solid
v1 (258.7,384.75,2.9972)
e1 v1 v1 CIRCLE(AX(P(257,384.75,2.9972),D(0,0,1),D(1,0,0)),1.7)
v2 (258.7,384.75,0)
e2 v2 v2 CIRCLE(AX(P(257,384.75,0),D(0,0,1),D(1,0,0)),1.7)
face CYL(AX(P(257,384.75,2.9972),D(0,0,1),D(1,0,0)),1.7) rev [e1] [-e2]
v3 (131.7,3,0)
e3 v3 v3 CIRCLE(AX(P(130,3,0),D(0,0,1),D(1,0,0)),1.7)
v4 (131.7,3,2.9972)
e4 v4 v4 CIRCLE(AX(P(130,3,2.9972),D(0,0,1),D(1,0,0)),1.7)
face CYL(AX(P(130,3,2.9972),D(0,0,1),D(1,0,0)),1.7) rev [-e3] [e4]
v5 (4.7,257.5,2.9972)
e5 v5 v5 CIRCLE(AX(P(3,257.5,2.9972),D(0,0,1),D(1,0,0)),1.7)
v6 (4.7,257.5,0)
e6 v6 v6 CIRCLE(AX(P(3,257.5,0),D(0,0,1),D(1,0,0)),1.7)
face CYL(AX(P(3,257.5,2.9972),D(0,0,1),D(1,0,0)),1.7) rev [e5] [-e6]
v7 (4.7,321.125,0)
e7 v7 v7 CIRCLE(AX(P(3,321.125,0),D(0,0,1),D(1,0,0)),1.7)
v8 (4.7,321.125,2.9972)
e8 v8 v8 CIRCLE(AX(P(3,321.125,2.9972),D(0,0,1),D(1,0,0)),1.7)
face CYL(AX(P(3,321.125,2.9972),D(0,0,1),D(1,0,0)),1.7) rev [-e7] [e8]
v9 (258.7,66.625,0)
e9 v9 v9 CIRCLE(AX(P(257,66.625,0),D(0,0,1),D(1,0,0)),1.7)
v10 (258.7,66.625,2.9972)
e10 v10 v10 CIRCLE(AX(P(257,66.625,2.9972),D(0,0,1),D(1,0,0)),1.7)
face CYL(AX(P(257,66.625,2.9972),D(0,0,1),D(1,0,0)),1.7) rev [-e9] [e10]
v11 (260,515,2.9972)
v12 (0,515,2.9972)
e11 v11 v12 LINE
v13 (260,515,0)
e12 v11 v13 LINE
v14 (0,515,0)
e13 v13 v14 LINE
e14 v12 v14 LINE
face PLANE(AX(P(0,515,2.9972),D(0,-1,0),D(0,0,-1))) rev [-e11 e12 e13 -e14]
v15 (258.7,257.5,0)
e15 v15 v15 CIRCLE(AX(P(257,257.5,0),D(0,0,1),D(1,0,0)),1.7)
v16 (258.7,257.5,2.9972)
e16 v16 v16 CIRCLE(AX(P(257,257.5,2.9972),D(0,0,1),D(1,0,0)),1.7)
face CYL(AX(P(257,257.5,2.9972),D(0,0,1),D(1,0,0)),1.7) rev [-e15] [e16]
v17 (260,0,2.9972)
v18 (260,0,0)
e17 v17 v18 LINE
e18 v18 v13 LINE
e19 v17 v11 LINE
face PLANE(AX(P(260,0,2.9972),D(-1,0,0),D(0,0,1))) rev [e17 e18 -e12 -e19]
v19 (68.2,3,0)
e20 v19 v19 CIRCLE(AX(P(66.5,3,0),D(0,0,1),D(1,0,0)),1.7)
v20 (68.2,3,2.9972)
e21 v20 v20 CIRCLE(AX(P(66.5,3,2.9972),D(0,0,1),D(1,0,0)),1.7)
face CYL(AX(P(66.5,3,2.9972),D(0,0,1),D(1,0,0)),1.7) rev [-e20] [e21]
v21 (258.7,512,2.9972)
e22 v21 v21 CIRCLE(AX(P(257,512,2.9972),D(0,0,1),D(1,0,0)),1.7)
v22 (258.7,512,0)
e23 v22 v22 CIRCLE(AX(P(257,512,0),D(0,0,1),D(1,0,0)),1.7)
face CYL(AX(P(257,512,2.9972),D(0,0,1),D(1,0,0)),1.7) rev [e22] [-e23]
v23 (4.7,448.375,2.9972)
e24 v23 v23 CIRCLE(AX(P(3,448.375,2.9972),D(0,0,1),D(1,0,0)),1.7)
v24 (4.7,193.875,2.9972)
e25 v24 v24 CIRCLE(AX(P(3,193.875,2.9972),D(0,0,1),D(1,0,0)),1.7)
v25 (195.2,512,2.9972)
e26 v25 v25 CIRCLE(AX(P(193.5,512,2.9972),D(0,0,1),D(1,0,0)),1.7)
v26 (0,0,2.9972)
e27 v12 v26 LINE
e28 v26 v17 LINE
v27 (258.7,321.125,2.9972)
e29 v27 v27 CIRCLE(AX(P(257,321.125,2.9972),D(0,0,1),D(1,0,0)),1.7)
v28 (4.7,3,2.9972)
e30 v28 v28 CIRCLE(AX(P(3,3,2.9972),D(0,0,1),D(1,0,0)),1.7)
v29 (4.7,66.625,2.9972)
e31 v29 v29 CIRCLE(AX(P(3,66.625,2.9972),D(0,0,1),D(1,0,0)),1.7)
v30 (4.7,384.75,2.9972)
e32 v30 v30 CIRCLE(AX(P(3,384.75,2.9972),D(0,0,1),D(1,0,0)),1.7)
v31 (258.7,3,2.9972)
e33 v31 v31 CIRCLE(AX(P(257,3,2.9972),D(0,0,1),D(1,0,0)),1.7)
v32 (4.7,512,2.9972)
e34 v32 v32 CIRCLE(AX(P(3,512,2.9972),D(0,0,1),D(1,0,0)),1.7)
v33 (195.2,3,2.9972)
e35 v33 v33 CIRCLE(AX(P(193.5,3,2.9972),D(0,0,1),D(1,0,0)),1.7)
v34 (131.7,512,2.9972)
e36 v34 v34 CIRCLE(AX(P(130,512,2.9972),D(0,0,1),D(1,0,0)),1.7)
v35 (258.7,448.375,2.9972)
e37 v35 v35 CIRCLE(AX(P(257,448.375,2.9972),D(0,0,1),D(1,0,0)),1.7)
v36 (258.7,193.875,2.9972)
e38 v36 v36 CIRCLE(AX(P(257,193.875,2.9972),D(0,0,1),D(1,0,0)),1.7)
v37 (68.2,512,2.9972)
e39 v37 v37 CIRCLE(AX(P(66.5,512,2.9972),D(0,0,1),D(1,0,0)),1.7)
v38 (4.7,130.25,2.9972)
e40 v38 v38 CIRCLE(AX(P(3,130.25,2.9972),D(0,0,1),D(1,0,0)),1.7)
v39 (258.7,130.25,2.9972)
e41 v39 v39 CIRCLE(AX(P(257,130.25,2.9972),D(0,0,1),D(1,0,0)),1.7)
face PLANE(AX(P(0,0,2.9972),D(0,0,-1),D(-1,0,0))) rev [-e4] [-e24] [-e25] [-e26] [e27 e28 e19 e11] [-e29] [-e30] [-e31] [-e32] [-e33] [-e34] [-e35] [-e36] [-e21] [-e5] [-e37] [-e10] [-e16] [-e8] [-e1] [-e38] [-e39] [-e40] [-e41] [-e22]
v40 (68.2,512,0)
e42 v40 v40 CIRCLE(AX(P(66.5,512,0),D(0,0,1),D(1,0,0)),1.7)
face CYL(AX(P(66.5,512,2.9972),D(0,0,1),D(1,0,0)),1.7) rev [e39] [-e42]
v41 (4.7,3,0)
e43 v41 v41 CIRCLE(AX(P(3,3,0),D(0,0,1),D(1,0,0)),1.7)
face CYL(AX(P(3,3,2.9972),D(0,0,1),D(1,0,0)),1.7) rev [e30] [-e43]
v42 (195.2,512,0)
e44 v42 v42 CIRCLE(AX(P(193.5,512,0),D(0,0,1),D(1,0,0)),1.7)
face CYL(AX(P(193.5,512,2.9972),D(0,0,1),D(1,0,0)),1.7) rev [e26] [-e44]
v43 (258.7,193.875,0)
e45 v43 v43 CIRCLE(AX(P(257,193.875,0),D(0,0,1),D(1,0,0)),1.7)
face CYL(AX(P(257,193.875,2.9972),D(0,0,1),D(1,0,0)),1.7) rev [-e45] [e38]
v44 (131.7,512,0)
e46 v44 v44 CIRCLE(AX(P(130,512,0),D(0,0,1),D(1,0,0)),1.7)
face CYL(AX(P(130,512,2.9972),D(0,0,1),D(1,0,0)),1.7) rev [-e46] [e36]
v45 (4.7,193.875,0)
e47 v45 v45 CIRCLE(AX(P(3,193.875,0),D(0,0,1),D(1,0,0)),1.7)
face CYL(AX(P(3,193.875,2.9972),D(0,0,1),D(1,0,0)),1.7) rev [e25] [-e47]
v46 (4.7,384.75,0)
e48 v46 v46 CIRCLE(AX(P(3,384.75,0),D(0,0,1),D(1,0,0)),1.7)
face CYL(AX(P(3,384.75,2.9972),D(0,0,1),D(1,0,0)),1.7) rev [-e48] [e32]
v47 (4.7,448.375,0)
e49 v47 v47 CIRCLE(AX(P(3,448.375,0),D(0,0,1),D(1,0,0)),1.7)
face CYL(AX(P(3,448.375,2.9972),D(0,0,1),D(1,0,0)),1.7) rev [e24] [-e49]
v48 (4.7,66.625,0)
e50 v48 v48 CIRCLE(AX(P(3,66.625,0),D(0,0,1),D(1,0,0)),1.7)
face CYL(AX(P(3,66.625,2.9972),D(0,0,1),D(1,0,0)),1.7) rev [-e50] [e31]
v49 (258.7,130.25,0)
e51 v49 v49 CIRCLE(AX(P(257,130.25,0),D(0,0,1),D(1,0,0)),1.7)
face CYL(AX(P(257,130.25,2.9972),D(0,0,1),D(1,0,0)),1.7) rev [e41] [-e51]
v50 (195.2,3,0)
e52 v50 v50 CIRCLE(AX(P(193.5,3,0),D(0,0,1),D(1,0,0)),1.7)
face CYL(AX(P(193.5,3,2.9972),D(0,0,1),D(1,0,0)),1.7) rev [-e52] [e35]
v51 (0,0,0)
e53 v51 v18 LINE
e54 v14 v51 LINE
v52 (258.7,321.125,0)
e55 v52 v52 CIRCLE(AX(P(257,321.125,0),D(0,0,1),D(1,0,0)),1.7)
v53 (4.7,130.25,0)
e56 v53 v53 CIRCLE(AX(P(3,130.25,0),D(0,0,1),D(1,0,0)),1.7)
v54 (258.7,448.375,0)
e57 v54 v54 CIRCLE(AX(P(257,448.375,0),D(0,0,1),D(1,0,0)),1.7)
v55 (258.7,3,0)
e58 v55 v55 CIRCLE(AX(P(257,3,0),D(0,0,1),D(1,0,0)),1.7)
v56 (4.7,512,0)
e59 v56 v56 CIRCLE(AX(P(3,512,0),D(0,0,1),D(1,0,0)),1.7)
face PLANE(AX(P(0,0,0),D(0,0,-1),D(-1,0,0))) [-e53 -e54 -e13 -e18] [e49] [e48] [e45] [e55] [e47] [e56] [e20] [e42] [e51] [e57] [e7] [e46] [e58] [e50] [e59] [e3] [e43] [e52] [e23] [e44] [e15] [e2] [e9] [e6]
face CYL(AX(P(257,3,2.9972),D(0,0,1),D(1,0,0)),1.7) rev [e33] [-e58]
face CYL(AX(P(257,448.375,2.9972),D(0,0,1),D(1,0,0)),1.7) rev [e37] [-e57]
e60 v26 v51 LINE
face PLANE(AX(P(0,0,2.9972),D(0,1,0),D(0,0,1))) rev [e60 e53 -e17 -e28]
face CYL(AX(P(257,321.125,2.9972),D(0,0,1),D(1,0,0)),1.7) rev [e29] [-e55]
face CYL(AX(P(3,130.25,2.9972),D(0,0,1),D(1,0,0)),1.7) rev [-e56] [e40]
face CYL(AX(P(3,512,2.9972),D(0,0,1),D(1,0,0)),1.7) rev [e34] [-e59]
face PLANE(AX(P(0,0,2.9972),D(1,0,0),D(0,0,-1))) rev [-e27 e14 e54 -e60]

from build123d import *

# Parameters (mm, degrees)
SKETCH1_W            = 260
SKETCH1_H            = 515
BOSS_EXTRUDE1_DEPTH  = 2.9972
M3_CLEARANCE_HOLE1_D = 3.4
M3_CLEARANCE_HOLE2_D = 3.4
LPATTERN1_COUNT      = 5
LPATTERN1_PITCH      = 63.625
LPATTERN1_COUNT_DIR2 = 5
LPATTERN1_PITCH_DIR2 = 63.625
LPATTERN2_COUNT      = 3
LPATTERN2_PITCH      = 63.5
LPATTERN2_COL_COUNT  = 3
LPATTERN2_COL_PITCH  = 63.5
MIRROR1_COPY_1_D     = 3.4
MIRROR1_COPY_2_D     = 3.4
MIRROR1_COPY_3_D     = 3.4
MIRROR1_COPY_4_D     = 3.4
MIRROR1_COPY_5_D     = 3.4
MIRROR1_COPY_6_D     = 3.4
MIRROR1_COPY_7_D     = 3.4
MIRROR1_COPY_8_D     = 3.4
MIRROR1_COPY_9_D     = 3.4
MIRROR1_COPY_10_D    = 3.4
MIRROR1_COPY_11_D    = 3.4
MIRROR1_COPY_12_D    = 3.4
MIRROR1_COPY_13_D    = 3.4
MIRROR1_COPY_14_D    = 3.4
MIRROR1_COPY_15_D    = 3.4
MIRROR1_COPY_16_D    = 3.4
MIRROR1_COPY_17_D    = 3.4
MIRROR1_COPY_18_D    = 3.4
MIRROR1_COPY_19_D    = 3.4
MIRROR1_COPY_20_D    = 3.4
MIRROR1_COPY_21_D    = 3.4
MIRROR1_COPY_22_D    = 3.4
MIRROR2_COPY_1_D     = 3.4
MIRROR2_COPY_2_D     = 3.4
MIRROR2_COPY_3_D     = 3.4
MIRROR2_COPY_4_D     = 3.4


with BuildPart() as part:
    # Sketch1 → Boss-Extrude1 (new body)
    with BuildSketch(Plane.XY):
        with Locations((130, 257.5)):
            Rectangle(SKETCH1_W, SKETCH1_H)
    extrude(amount=BOSS_EXTRUDE1_DEPTH)

    # M3 Clearance Hole1 (through all)
    with Locations(Plane.XY.offset(2.9972)):
        with Locations((257, 257.5)):
            m3_clearance_hole1 = Hole(M3_CLEARANCE_HOLE1_D / 2)

    # M3 Clearance Hole2 (through all)
    with Locations(Plane.XY.offset(2.9972)):
        with Locations((130, 512)):
            m3_clearance_hole2 = Hole(M3_CLEARANCE_HOLE2_D / 2)

    # LPattern1: M3 Clearance Hole1 5 × 5, 2 skipped
    with Locations(*[Vector(0, -1, 0) * (i * LPATTERN1_PITCH) + Vector(0, 1, 0) * (j * LPATTERN1_PITCH_DIR2) for i in range(LPATTERN1_COUNT) for j in range(LPATTERN1_COUNT_DIR2) if (i, j) not in ((0, 0), (0, 4), (4, 0))]):
        add(m3_clearance_hole1, mode=Mode.SUBTRACT)

    # LPattern2: M3 Clearance Hole2 ×3
    with Locations(*[(i * LPATTERN2_PITCH, 0, 0) for i in range(1, LPATTERN2_COUNT)]):
        add(m3_clearance_hole2, mode=Mode.SUBTRACT)

    # LPattern2 col: M3 Clearance Hole2 ×3
    with Locations(*[(-i * LPATTERN2_COL_PITCH, 0, 0) for i in range(1, LPATTERN2_COL_COUNT)]):
        add(m3_clearance_hole2, mode=Mode.SUBTRACT)

    # Mirror1: M3 Clearance Hole1 across plane
    add(m3_clearance_hole1.mirror(Plane.ZY.offset(-130)), mode=Mode.SUBTRACT)

    # Mirror1 copy 1 (through all)
    with Locations(Plane(origin=(260, 63.625, 2.9972), x_dir=(-1, 0, 0), z_dir=(0, 0, 1))):
        with Locations((257, -257.5)):
            Hole(MIRROR1_COPY_1_D / 2)

    # Mirror1 copy 2 (through all)
    with Locations(Plane(origin=(260, 127.25, 2.9972), x_dir=(-1, 0, 0), z_dir=(0, 0, 1))):
        with Locations((257, -257.5)):
            Hole(MIRROR1_COPY_2_D / 2)

    # Mirror1 copy 3 (through all)
    with Locations(Plane(origin=(260, 190.875, 2.9972), x_dir=(-1, 0, 0), z_dir=(0, 0, 1))):
        with Locations((257, -257.5)):
            Hole(MIRROR1_COPY_3_D / 2)

    # Mirror1 copy 4 (through all)
    with Locations(Plane(origin=(260, -63.625, 2.9972), x_dir=(-1, 0, 0), z_dir=(0, 0, 1))):
        with Locations((257, -257.5)):
            Hole(MIRROR1_COPY_4_D / 2)

    # Mirror1 copy 5 (through all)
    with Locations(Plane(origin=(260, 0, 2.9972), x_dir=(-1, 0, 0), z_dir=(0, 0, 1))):
        with Locations((257, -257.5)):
            Hole(MIRROR1_COPY_5_D / 2)

    # Mirror1 copy 6 (through all)
    with Locations(Plane(origin=(260, 63.625, 2.9972), x_dir=(-1, 0, 0), z_dir=(0, 0, 1))):
        with Locations((257, -257.5)):
            Hole(MIRROR1_COPY_6_D / 2)

    # Mirror1 copy 7 (through all)
    with Locations(Plane(origin=(260, 127.25, 2.9972), x_dir=(-1, 0, 0), z_dir=(0, 0, 1))):
        with Locations((257, -257.5)):
            Hole(MIRROR1_COPY_7_D / 2)

    # Mirror1 copy 8 (through all)
    with Locations(Plane(origin=(260, 190.875, 2.9972), x_dir=(-1, 0, 0), z_dir=(0, 0, 1))):
        with Locations((257, -257.5)):
            Hole(MIRROR1_COPY_8_D / 2)

    # Mirror1 copy 9 (through all)
    with Locations(Plane(origin=(260, -127.25, 2.9972), x_dir=(-1, 0, 0), z_dir=(0, 0, 1))):
        with Locations((257, -257.5)):
            Hole(MIRROR1_COPY_9_D / 2)

    # Mirror1 copy 10 (through all)
    with Locations(Plane(origin=(260, -63.625, 2.9972), x_dir=(-1, 0, 0), z_dir=(0, 0, 1))):
        with Locations((257, -257.5)):
            Hole(MIRROR1_COPY_10_D / 2)

    # Mirror1 copy 11 (through all)
    with Locations(Plane(origin=(260, 0, 2.9972), x_dir=(-1, 0, 0), z_dir=(0, 0, 1))):
        with Locations((257, -257.5)):
            Hole(MIRROR1_COPY_11_D / 2)

    # Mirror1 copy 12 (through all)
    with Locations(Plane(origin=(260, 63.625, 2.9972), x_dir=(-1, 0, 0), z_dir=(0, 0, 1))):
        with Locations((257, -257.5)):
            Hole(MIRROR1_COPY_12_D / 2)

    # Mirror1 copy 13 (through all)
    with Locations(Plane(origin=(260, 127.25, 2.9972), x_dir=(-1, 0, 0), z_dir=(0, 0, 1))):
        with Locations((257, -257.5)):
            Hole(MIRROR1_COPY_13_D / 2)

    # Mirror1 copy 14 (through all)
    with Locations(Plane(origin=(260, -190.875, 2.9972), x_dir=(-1, 0, 0), z_dir=(0, 0, 1))):
        with Locations((257, -257.5)):
            Hole(MIRROR1_COPY_14_D / 2)

    # Mirror1 copy 15 (through all)
    with Locations(Plane(origin=(260, -127.25, 2.9972), x_dir=(-1, 0, 0), z_dir=(0, 0, 1))):
        with Locations((257, -257.5)):
            Hole(MIRROR1_COPY_15_D / 2)

    # Mirror1 copy 16 (through all)
    with Locations(Plane(origin=(260, -63.625, 2.9972), x_dir=(-1, 0, 0), z_dir=(0, 0, 1))):
        with Locations((257, -257.5)):
            Hole(MIRROR1_COPY_16_D / 2)

    # Mirror1 copy 17 (through all)
    with Locations(Plane(origin=(260, 0, 2.9972), x_dir=(-1, 0, 0), z_dir=(0, 0, 1))):
        with Locations((257, -257.5)):
            Hole(MIRROR1_COPY_17_D / 2)

    # Mirror1 copy 18 (through all)
    with Locations(Plane(origin=(260, 63.625, 2.9972), x_dir=(-1, 0, 0), z_dir=(0, 0, 1))):
        with Locations((257, -257.5)):
            Hole(MIRROR1_COPY_18_D / 2)

    # Mirror1 copy 19 (through all)
    with Locations(Plane(origin=(260, -190.875, 2.9972), x_dir=(-1, 0, 0), z_dir=(0, 0, 1))):
        with Locations((257, -257.5)):
            Hole(MIRROR1_COPY_19_D / 2)

    # Mirror1 copy 20 (through all)
    with Locations(Plane(origin=(260, -127.25, 2.9972), x_dir=(-1, 0, 0), z_dir=(0, 0, 1))):
        with Locations((257, -257.5)):
            Hole(MIRROR1_COPY_20_D / 2)

    # Mirror1 copy 21 (through all)
    with Locations(Plane(origin=(260, -63.625, 2.9972), x_dir=(-1, 0, 0), z_dir=(0, 0, 1))):
        with Locations((257, -257.5)):
            Hole(MIRROR1_COPY_21_D / 2)

    # Mirror1 copy 22 (through all)
    with Locations(Plane(origin=(260, 0, 2.9972), x_dir=(-1, 0, 0), z_dir=(0, 0, 1))):
        with Locations((257, -257.5)):
            Hole(MIRROR1_COPY_22_D / 2)

    # Mirror2: M3 Clearance Hole2 across plane
    add(m3_clearance_hole2.mirror(Plane.ZX.offset(257.5)), mode=Mode.SUBTRACT)

    # Mirror2 copy 1 (through all)
    with Locations(Plane(origin=(63.5, 515, 2.9972), x_dir=(1, 0, 0), z_dir=(0, 0, 1))):
        with Locations((130, -512)):
            Hole(MIRROR2_COPY_1_D / 2)

    # Mirror2 copy 2 (through all)
    with Locations(Plane(origin=(127, 515, 2.9972), x_dir=(1, 0, 0), z_dir=(0, 0, 1))):
        with Locations((130, -512)):
            Hole(MIRROR2_COPY_2_D / 2)

    # Mirror2 copy 3 (through all)
    with Locations(Plane(origin=(-63.5, 515, 2.9972), x_dir=(1, 0, 0), z_dir=(0, 0, 1))):
        with Locations((130, -512)):
            Hole(MIRROR2_COPY_3_D / 2)

    # Mirror2 copy 4 (through all)
    with Locations(Plane(origin=(-127, 515, 2.9972), x_dir=(1, 0, 0), z_dir=(0, 0, 1))):
        with Locations((130, -512)):
            Hole(MIRROR2_COPY_4_D / 2)


solid = part.part
